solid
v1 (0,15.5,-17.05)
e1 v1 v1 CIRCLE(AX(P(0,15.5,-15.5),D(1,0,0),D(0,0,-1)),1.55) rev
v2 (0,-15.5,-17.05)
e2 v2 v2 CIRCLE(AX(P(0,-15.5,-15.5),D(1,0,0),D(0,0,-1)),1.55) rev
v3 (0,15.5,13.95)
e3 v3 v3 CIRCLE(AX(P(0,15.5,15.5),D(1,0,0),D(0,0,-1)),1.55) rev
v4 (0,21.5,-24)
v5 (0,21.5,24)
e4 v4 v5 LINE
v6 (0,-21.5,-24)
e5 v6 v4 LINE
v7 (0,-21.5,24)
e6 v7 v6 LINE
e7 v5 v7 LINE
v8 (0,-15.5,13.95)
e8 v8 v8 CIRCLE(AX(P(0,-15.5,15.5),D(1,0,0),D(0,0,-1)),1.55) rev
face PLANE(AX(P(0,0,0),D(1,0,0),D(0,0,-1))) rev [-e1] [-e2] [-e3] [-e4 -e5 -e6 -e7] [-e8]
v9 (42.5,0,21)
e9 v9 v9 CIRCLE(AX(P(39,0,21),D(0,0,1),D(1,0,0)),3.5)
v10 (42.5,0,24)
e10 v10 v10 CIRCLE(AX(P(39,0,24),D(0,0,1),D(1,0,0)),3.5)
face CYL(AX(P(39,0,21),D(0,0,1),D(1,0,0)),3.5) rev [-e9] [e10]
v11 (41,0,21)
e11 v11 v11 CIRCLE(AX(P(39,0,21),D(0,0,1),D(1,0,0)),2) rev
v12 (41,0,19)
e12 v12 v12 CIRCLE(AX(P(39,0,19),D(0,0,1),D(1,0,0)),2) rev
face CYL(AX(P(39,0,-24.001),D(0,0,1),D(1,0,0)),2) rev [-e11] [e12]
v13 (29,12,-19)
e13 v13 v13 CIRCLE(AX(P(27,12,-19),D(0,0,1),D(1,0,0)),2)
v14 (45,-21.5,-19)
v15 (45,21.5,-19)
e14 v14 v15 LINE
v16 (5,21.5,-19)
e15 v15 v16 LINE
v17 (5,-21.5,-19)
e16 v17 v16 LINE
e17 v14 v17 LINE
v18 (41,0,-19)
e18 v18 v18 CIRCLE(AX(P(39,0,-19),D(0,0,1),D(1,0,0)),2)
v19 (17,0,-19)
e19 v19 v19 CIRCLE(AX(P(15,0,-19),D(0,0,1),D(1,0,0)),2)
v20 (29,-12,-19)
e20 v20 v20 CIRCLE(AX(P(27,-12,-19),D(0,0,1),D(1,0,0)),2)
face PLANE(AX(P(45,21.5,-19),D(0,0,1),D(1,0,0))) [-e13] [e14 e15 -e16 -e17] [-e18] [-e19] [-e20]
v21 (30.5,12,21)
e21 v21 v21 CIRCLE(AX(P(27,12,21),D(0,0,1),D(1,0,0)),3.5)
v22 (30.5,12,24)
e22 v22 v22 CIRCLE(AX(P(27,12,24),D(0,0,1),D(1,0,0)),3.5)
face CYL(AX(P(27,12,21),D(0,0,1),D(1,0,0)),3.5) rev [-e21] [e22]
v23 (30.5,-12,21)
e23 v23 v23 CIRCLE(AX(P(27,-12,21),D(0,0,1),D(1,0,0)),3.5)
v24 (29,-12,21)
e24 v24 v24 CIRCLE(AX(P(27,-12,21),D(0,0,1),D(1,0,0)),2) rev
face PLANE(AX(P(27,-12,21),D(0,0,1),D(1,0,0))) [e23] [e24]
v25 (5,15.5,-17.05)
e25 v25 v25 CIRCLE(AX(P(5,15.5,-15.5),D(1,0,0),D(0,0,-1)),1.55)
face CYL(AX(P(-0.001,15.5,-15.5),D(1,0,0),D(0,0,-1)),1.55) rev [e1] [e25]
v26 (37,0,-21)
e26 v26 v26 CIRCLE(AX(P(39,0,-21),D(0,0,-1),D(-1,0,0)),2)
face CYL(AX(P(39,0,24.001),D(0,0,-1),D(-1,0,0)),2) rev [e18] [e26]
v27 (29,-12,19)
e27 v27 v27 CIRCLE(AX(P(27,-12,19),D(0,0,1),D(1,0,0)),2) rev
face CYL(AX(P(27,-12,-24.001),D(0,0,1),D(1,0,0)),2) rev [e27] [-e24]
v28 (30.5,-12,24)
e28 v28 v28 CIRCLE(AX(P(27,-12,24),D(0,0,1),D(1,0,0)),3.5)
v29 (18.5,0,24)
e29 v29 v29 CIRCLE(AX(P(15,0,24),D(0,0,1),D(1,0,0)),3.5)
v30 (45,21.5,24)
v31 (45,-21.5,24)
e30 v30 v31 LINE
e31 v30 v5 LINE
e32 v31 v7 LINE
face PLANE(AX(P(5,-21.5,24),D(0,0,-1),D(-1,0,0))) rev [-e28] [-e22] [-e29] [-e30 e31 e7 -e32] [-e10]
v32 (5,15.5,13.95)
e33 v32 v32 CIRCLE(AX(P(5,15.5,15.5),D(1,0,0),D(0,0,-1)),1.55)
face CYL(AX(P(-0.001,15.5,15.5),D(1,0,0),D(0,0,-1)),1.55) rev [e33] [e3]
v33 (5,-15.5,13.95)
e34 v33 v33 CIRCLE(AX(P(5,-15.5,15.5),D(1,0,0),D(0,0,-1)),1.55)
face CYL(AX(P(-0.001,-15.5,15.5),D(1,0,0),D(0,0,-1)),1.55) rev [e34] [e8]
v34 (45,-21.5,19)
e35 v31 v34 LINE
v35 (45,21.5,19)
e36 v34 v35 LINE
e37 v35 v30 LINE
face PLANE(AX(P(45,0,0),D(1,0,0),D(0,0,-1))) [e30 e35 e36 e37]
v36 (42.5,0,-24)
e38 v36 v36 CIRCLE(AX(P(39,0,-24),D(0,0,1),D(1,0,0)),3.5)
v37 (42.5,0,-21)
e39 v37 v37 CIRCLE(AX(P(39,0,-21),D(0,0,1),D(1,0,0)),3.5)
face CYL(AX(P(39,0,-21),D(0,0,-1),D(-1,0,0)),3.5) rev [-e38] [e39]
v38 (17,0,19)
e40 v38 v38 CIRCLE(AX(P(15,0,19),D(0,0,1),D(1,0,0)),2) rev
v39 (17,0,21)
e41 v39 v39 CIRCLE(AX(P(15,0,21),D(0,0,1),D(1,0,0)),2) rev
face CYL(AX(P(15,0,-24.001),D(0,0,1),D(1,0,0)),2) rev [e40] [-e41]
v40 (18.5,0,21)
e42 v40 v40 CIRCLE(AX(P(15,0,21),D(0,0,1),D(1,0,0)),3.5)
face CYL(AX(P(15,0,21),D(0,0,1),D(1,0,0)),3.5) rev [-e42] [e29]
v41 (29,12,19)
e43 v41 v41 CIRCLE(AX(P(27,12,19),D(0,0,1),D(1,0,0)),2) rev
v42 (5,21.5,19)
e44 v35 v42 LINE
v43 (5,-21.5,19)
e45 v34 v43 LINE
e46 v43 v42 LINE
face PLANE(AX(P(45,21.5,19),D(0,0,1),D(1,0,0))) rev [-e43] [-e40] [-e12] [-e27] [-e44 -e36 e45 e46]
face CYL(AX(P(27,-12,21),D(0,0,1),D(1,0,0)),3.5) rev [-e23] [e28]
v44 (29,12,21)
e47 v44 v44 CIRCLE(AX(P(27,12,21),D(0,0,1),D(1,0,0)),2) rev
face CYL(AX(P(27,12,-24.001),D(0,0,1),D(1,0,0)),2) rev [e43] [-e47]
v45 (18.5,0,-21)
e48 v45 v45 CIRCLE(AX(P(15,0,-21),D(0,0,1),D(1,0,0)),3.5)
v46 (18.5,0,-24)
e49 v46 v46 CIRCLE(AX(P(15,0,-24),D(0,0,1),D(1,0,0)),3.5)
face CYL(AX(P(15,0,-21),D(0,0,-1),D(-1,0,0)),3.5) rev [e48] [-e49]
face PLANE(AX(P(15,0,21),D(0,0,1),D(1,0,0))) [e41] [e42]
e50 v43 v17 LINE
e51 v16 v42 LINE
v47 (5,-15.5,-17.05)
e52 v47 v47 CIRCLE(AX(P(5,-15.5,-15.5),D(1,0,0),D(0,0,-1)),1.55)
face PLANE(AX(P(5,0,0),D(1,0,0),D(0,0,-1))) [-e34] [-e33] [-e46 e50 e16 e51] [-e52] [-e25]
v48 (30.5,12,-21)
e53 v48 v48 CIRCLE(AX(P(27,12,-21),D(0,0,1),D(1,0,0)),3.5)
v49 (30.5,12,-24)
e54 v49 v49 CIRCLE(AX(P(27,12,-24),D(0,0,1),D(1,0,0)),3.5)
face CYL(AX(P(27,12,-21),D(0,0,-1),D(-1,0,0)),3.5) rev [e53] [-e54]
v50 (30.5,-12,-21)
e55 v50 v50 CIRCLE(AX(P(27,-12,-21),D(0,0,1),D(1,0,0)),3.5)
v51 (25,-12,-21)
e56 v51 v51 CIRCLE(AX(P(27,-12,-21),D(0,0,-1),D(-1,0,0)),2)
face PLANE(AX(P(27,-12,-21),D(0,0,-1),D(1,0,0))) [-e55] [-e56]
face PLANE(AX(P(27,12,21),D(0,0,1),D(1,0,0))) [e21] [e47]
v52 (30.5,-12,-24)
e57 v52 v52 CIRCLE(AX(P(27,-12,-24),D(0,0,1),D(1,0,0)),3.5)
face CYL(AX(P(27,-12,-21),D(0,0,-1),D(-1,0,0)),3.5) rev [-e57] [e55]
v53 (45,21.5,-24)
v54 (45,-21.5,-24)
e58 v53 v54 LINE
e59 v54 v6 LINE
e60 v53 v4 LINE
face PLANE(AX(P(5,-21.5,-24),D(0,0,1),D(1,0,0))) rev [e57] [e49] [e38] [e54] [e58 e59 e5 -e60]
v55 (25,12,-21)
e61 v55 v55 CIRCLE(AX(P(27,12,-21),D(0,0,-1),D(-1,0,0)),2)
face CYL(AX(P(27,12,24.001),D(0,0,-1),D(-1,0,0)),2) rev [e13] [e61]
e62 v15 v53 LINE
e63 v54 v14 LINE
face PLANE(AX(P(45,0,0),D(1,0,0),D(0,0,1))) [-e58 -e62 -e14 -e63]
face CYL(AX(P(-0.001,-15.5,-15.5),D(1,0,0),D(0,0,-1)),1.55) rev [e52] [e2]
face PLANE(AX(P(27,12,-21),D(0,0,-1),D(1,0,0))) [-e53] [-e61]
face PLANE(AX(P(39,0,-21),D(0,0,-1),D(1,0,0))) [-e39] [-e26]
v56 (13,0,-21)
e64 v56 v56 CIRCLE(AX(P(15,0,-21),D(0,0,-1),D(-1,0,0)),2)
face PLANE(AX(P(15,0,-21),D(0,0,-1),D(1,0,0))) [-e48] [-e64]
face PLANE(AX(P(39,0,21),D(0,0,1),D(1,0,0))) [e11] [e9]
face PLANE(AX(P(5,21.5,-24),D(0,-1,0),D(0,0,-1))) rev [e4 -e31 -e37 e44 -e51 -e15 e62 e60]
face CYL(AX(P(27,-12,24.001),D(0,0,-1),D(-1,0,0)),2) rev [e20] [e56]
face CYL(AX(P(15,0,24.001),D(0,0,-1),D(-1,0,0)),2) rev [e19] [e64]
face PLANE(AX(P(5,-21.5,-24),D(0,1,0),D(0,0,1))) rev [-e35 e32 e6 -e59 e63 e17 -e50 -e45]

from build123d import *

# Parameters (mm, degrees)
SKETCH1_W           = 48
SKETCH1_H           = 43
BOSS_EXTRUDE1_DEPTH = 5
CUT_EXTRUDE1_REACH  = 34.608
SKETCH2_R           = 1.55
SKETCH4_W           = 5
SKETCH4_H           = 43
BOSS_EXTRUDE2_DEPTH = 40
CUT_EXTRUDE2_REACH  = 71.219
SKETCH6_R           = 2
SKETCH7_R           = 3.5
CUT_EXTRUDE3_DEPTH  = 3


with BuildPart() as part:
    # Sketch1 → Boss-Extrude1 (new body)
    with BuildSketch(Plane(origin=(0, 0, 0), x_dir=(0, 0, -1), z_dir=(1, 0, 0))):
        Rectangle(SKETCH1_W, SKETCH1_H)
    extrude(amount=BOSS_EXTRUDE1_DEPTH)

    # Sketch2 → Cut-Extrude1 (cut, up to next)
    with BuildSketch(Plane(origin=(5, 0, 0), x_dir=(0, 0, -1), z_dir=(1, 0, 0)), mode=Mode.PRIVATE) as cut_extrude1_sk1:
        with Locations((-15.5, 15.5)):
            Circle(SKETCH2_R)
    cut_extrude1_tool1 = extrude(cut_extrude1_sk1.sketch, amount=-CUT_EXTRUDE1_REACH, mode=Mode.PRIVATE) & part.part
    # Sketch2 → Cut-Extrude1 (cut, up to next)
    with BuildSketch(Plane(origin=(5, 0, 0), x_dir=(0, 0, -1), z_dir=(1, 0, 0)), mode=Mode.PRIVATE) as cut_extrude1_sk2:
        with Locations((15.5, 15.5)):
            Circle(SKETCH2_R)
    cut_extrude1_tool2 = extrude(cut_extrude1_sk2.sketch, amount=-CUT_EXTRUDE1_REACH, mode=Mode.PRIVATE) & part.part
    # Sketch2 → Cut-Extrude1 (cut, up to next)
    with BuildSketch(Plane(origin=(5, 0, 0), x_dir=(0, 0, -1), z_dir=(1, 0, 0)), mode=Mode.PRIVATE) as cut_extrude1_sk3:
        with Locations((15.5, -15.5)):
            Circle(SKETCH2_R)
    cut_extrude1_tool3 = extrude(cut_extrude1_sk3.sketch, amount=-CUT_EXTRUDE1_REACH, mode=Mode.PRIVATE) & part.part
    # Sketch2 → Cut-Extrude1 (cut, up to next)
    with BuildSketch(Plane(origin=(5, 0, 0), x_dir=(0, 0, -1), z_dir=(1, 0, 0)), mode=Mode.PRIVATE) as cut_extrude1_sk4:
        with Locations((-15.5, -15.5)):
            Circle(SKETCH2_R)
    cut_extrude1_tool4 = extrude(cut_extrude1_sk4.sketch, amount=-CUT_EXTRUDE1_REACH, mode=Mode.PRIVATE) & part.part
    add(cut_extrude1_tool1.solids().sort_by_distance((5, 15.5, 15.5))[0], mode=Mode.SUBTRACT)
    add(cut_extrude1_tool2.solids().sort_by_distance((5, 15.5, -15.5))[0], mode=Mode.SUBTRACT)
    add(cut_extrude1_tool3.solids().sort_by_distance((5, -15.5, -15.5))[0], mode=Mode.SUBTRACT)
    add(cut_extrude1_tool4.solids().sort_by_distance((5, -15.5, 15.5))[0], mode=Mode.SUBTRACT)

    # Sketch4 → Boss-Extrude2 (add)
    with BuildSketch(Plane(origin=(5, 0, 0), x_dir=(0, 0, -1), z_dir=(1, 0, 0))):
        with Locations((-21.5, 0)):
            Rectangle(SKETCH4_W, SKETCH4_H)
    boss_extrude2 = extrude(amount=BOSS_EXTRUDE2_DEPTH)

    # Sketch6 → Cut-Extrude2 (cut, up to next)
    with BuildSketch(Plane.XY.offset(24), mode=Mode.PRIVATE) as cut_extrude2_sk1:
        with Locations((27, 12)):
            Circle(SKETCH6_R)
    cut_extrude2_tool1 = extrude(cut_extrude2_sk1.sketch, amount=-CUT_EXTRUDE2_REACH, mode=Mode.PRIVATE) & part.part
    # Sketch6 → Cut-Extrude2 (cut, up to next)
    with BuildSketch(Plane.XY.offset(24), mode=Mode.PRIVATE) as cut_extrude2_sk2:
        with Locations((39, 0)):
            Circle(SKETCH6_R)
    cut_extrude2_tool2 = extrude(cut_extrude2_sk2.sketch, amount=-CUT_EXTRUDE2_REACH, mode=Mode.PRIVATE) & part.part
    # Sketch6 → Cut-Extrude2 (cut, up to next)
    with BuildSketch(Plane.XY.offset(24), mode=Mode.PRIVATE) as cut_extrude2_sk3:
        with Locations((27, -12)):
            Circle(SKETCH6_R)
    cut_extrude2_tool3 = extrude(cut_extrude2_sk3.sketch, amount=-CUT_EXTRUDE2_REACH, mode=Mode.PRIVATE) & part.part
    # Sketch6 → Cut-Extrude2 (cut, up to next)
    with BuildSketch(Plane.XY.offset(24), mode=Mode.PRIVATE) as cut_extrude2_sk4:
        with Locations((15, 0)):
            Circle(SKETCH6_R)
    cut_extrude2_tool4 = extrude(cut_extrude2_sk4.sketch, amount=-CUT_EXTRUDE2_REACH, mode=Mode.PRIVATE) & part.part
    cut_extrude2_1 = cut_extrude2_tool1.solids().sort_by_distance((27, 12, 24))[0]
    add(cut_extrude2_1, mode=Mode.SUBTRACT)
    cut_extrude2_2 = cut_extrude2_tool2.solids().sort_by_distance((39, 0, 24))[0]
    add(cut_extrude2_2, mode=Mode.SUBTRACT)
    cut_extrude2_3 = cut_extrude2_tool3.solids().sort_by_distance((27, -12, 24))[0]
    add(cut_extrude2_3, mode=Mode.SUBTRACT)
    cut_extrude2_4 = cut_extrude2_tool4.solids().sort_by_distance((15, 0, 24))[0]
    add(cut_extrude2_4, mode=Mode.SUBTRACT)
    cut_extrude2 = cut_extrude2_1 + cut_extrude2_2 + cut_extrude2_3 + cut_extrude2_4  # Cut-Extrude2 as one shape, for the pattern or mirror that repeats it

    # Sketch7 → Cut-Extrude3 (cut)
    with BuildSketch(Plane.XY.offset(24)):
        with Locations((27, 12)):
            Circle(SKETCH7_R)
        with Locations((39, 0)):
            Circle(SKETCH7_R)
        with Locations((27, -12)):
            Circle(SKETCH7_R)
        with Locations((15, 0)):
            Circle(SKETCH7_R)
    cut_extrude3 = extrude(amount=-CUT_EXTRUDE3_DEPTH, mode=Mode.SUBTRACT)

    # Mirror2: Boss-Extrude2, Cut-Extrude2, Cut-Extrude3 across plane
    add(boss_extrude2.mirror(Plane.XY))
    add(cut_extrude2.mirror(Plane.XY), mode=Mode.SUBTRACT)
    add(cut_extrude3.mirror(Plane.XY), mode=Mode.SUBTRACT)


solid = part.part
